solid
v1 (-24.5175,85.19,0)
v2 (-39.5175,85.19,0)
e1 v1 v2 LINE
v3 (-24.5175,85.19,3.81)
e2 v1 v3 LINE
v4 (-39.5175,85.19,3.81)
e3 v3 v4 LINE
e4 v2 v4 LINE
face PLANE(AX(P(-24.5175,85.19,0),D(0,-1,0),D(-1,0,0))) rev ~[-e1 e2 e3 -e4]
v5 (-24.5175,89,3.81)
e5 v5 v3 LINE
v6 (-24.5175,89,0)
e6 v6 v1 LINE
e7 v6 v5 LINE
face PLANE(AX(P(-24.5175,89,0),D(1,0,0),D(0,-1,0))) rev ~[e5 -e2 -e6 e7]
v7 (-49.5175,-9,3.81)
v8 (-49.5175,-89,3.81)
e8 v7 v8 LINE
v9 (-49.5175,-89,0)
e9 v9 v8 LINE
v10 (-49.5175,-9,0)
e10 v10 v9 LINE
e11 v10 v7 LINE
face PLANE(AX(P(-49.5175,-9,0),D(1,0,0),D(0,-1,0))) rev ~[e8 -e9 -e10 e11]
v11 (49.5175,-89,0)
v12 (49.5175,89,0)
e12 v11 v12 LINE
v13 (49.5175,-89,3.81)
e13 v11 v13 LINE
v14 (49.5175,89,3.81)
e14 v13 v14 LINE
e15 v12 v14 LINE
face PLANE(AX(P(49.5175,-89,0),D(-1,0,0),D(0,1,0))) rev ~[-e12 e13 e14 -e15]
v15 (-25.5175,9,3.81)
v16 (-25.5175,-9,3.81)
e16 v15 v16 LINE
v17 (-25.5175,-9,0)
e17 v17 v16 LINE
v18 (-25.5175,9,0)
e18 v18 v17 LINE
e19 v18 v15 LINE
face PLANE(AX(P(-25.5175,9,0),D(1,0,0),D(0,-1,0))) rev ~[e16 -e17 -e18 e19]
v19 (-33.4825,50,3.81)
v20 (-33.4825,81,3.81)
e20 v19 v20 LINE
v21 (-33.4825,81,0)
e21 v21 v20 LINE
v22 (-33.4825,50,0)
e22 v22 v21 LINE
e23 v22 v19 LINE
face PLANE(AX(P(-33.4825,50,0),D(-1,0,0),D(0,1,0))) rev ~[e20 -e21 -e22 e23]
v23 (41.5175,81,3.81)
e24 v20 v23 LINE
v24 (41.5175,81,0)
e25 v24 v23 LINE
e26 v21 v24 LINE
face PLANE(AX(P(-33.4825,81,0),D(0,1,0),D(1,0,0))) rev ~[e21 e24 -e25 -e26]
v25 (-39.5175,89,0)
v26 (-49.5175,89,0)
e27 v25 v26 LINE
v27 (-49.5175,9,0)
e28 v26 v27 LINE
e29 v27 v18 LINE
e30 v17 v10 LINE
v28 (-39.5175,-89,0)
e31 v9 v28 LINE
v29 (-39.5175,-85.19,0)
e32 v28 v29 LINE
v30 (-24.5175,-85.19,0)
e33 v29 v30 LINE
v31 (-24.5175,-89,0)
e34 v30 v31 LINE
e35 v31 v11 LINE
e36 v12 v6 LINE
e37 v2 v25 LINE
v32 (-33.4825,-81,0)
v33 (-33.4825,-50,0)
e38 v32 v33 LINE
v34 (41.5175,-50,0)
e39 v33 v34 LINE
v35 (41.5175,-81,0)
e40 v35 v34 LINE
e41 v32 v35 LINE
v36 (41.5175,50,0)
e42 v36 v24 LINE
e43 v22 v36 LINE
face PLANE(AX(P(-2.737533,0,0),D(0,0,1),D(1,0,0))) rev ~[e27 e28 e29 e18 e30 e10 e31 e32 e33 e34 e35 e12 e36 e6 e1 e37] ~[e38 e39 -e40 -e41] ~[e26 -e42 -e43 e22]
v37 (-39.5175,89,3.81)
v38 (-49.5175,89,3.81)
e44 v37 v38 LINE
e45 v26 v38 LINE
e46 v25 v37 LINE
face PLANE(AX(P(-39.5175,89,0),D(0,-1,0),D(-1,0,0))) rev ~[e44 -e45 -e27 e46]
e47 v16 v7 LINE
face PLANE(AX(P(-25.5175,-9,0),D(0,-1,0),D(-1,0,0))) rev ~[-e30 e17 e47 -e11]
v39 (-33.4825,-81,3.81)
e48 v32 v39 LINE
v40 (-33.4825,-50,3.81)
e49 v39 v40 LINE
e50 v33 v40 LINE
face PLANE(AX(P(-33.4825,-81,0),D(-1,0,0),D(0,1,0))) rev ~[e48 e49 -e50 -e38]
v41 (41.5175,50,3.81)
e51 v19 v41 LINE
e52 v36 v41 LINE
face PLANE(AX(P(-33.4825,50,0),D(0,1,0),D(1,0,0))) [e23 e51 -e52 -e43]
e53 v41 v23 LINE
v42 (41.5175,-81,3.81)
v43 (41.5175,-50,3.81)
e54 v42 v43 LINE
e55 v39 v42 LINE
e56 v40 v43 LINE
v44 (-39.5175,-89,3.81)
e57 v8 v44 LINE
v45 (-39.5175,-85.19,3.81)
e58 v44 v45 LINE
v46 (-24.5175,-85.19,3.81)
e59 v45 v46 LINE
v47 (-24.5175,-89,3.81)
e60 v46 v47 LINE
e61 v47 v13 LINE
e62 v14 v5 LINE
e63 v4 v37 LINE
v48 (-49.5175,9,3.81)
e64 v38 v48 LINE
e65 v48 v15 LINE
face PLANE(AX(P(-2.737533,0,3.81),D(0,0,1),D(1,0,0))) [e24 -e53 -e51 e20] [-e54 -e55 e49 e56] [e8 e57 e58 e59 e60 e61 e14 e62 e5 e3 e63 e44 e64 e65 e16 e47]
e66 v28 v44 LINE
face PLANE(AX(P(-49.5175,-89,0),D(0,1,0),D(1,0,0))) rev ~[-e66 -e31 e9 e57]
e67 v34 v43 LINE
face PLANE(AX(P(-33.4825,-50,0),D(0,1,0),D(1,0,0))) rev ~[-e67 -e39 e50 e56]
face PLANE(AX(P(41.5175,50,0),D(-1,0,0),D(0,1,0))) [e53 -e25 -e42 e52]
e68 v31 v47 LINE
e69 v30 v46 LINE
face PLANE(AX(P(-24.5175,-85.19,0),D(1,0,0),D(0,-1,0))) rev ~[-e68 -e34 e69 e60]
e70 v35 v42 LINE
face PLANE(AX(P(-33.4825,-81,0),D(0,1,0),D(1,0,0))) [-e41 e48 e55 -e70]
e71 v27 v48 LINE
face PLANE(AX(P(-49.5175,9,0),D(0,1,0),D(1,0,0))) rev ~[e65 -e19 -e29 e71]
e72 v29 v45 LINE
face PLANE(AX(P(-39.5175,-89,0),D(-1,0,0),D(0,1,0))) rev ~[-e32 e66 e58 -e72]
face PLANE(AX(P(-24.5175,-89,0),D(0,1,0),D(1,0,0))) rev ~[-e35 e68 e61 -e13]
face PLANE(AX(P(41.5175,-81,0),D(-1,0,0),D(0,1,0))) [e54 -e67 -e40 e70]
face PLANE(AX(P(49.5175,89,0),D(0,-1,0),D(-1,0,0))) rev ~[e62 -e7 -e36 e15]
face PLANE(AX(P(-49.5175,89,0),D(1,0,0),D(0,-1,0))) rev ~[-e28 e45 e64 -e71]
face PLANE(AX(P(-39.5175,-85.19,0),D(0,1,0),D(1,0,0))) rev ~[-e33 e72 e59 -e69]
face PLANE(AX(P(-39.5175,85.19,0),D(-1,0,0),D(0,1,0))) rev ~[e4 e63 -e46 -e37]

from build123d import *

# Parameters (mm, degrees)
F0_W     = 75
F0_H     = 31
F0_W_2   = 3.81
F0_H_2   = 15
F1_DEPTH = 3.81


with BuildPart() as f1:
    # F0 (on Top) → F1 (new body)
    with BuildSketch(Plane.XY):
        Polygon((49.5175, 79), (49.5175, 89), (-24.5175, 89), (-24.5175, 85.19), (-39.5175, 85.19), (-39.5175, 89), (-49.5175, 89), (-49.5175, 68.5), (-45.7075, 68.5), (-45.7075, 53.5), (-49.5175, 53.5), (-49.5175, 36), (-45.7075, 36), (-45.7075, 21), (-49.5175, 21), (-49.5175, 9), (-25.5175, 9), (-25.5175, 0), (-25.5175, -9), (-49.5175, -9), (-49.5175, -21), (-45.7075, -21), (-45.7075, -36), (-49.5175, -36), (-49.5175, -53.5), (-45.7075, -53.5), (-45.7075, -68.5), (-49.5175, -68.5), (-49.5175, -89), (-39.5175, -89), (-39.5175, -85.19), (-24.5175, -85.19), (-24.5175, -89), (49.5175, -89), (49.5175, -79), (45.7075, -79), (45.7075, -64), (49.5175, -64), (49.5175, -54), (45.7075, -54), (45.7075, -39), (49.5175, -39), (49.5175, 39), (45.7075, 39), (45.7075, 54), (49.5175, 54), (49.5175, 64), (45.7075, 64), (45.7075, 79), align=None)
        with Locations((4.0175, -65.5)):
            Rectangle(F0_W, F0_H, mode=Mode.SUBTRACT)
        with Locations((4.0175, 65.5)):
            Rectangle(F0_W, F0_H, mode=Mode.SUBTRACT)
        with Locations((47.6125, -71.5)):
            Rectangle(F0_W_2, F0_H_2)
        with Locations((47.6125, -46.5)):
            Rectangle(F0_W_2, F0_H_2)
        with Locations((47.6125, 46.5)):
            Rectangle(F0_W_2, F0_H_2)
        with Locations((47.6125, 71.5)):
            Rectangle(F0_W_2, F0_H_2)
        with Locations((-47.6125, 61)):
            Rectangle(F0_W_2, F0_H_2)
        with Locations((-47.6125, -28.5)):
            Rectangle(F0_W_2, F0_H_2)
        with Locations((-47.6125, -61)):
            Rectangle(F0_W_2, F0_H_2)
        with Locations((-47.6125, 28.5)):
            Rectangle(F0_W_2, F0_H_2)
    extrude(amount=F1_DEPTH)


solid = f1.part
